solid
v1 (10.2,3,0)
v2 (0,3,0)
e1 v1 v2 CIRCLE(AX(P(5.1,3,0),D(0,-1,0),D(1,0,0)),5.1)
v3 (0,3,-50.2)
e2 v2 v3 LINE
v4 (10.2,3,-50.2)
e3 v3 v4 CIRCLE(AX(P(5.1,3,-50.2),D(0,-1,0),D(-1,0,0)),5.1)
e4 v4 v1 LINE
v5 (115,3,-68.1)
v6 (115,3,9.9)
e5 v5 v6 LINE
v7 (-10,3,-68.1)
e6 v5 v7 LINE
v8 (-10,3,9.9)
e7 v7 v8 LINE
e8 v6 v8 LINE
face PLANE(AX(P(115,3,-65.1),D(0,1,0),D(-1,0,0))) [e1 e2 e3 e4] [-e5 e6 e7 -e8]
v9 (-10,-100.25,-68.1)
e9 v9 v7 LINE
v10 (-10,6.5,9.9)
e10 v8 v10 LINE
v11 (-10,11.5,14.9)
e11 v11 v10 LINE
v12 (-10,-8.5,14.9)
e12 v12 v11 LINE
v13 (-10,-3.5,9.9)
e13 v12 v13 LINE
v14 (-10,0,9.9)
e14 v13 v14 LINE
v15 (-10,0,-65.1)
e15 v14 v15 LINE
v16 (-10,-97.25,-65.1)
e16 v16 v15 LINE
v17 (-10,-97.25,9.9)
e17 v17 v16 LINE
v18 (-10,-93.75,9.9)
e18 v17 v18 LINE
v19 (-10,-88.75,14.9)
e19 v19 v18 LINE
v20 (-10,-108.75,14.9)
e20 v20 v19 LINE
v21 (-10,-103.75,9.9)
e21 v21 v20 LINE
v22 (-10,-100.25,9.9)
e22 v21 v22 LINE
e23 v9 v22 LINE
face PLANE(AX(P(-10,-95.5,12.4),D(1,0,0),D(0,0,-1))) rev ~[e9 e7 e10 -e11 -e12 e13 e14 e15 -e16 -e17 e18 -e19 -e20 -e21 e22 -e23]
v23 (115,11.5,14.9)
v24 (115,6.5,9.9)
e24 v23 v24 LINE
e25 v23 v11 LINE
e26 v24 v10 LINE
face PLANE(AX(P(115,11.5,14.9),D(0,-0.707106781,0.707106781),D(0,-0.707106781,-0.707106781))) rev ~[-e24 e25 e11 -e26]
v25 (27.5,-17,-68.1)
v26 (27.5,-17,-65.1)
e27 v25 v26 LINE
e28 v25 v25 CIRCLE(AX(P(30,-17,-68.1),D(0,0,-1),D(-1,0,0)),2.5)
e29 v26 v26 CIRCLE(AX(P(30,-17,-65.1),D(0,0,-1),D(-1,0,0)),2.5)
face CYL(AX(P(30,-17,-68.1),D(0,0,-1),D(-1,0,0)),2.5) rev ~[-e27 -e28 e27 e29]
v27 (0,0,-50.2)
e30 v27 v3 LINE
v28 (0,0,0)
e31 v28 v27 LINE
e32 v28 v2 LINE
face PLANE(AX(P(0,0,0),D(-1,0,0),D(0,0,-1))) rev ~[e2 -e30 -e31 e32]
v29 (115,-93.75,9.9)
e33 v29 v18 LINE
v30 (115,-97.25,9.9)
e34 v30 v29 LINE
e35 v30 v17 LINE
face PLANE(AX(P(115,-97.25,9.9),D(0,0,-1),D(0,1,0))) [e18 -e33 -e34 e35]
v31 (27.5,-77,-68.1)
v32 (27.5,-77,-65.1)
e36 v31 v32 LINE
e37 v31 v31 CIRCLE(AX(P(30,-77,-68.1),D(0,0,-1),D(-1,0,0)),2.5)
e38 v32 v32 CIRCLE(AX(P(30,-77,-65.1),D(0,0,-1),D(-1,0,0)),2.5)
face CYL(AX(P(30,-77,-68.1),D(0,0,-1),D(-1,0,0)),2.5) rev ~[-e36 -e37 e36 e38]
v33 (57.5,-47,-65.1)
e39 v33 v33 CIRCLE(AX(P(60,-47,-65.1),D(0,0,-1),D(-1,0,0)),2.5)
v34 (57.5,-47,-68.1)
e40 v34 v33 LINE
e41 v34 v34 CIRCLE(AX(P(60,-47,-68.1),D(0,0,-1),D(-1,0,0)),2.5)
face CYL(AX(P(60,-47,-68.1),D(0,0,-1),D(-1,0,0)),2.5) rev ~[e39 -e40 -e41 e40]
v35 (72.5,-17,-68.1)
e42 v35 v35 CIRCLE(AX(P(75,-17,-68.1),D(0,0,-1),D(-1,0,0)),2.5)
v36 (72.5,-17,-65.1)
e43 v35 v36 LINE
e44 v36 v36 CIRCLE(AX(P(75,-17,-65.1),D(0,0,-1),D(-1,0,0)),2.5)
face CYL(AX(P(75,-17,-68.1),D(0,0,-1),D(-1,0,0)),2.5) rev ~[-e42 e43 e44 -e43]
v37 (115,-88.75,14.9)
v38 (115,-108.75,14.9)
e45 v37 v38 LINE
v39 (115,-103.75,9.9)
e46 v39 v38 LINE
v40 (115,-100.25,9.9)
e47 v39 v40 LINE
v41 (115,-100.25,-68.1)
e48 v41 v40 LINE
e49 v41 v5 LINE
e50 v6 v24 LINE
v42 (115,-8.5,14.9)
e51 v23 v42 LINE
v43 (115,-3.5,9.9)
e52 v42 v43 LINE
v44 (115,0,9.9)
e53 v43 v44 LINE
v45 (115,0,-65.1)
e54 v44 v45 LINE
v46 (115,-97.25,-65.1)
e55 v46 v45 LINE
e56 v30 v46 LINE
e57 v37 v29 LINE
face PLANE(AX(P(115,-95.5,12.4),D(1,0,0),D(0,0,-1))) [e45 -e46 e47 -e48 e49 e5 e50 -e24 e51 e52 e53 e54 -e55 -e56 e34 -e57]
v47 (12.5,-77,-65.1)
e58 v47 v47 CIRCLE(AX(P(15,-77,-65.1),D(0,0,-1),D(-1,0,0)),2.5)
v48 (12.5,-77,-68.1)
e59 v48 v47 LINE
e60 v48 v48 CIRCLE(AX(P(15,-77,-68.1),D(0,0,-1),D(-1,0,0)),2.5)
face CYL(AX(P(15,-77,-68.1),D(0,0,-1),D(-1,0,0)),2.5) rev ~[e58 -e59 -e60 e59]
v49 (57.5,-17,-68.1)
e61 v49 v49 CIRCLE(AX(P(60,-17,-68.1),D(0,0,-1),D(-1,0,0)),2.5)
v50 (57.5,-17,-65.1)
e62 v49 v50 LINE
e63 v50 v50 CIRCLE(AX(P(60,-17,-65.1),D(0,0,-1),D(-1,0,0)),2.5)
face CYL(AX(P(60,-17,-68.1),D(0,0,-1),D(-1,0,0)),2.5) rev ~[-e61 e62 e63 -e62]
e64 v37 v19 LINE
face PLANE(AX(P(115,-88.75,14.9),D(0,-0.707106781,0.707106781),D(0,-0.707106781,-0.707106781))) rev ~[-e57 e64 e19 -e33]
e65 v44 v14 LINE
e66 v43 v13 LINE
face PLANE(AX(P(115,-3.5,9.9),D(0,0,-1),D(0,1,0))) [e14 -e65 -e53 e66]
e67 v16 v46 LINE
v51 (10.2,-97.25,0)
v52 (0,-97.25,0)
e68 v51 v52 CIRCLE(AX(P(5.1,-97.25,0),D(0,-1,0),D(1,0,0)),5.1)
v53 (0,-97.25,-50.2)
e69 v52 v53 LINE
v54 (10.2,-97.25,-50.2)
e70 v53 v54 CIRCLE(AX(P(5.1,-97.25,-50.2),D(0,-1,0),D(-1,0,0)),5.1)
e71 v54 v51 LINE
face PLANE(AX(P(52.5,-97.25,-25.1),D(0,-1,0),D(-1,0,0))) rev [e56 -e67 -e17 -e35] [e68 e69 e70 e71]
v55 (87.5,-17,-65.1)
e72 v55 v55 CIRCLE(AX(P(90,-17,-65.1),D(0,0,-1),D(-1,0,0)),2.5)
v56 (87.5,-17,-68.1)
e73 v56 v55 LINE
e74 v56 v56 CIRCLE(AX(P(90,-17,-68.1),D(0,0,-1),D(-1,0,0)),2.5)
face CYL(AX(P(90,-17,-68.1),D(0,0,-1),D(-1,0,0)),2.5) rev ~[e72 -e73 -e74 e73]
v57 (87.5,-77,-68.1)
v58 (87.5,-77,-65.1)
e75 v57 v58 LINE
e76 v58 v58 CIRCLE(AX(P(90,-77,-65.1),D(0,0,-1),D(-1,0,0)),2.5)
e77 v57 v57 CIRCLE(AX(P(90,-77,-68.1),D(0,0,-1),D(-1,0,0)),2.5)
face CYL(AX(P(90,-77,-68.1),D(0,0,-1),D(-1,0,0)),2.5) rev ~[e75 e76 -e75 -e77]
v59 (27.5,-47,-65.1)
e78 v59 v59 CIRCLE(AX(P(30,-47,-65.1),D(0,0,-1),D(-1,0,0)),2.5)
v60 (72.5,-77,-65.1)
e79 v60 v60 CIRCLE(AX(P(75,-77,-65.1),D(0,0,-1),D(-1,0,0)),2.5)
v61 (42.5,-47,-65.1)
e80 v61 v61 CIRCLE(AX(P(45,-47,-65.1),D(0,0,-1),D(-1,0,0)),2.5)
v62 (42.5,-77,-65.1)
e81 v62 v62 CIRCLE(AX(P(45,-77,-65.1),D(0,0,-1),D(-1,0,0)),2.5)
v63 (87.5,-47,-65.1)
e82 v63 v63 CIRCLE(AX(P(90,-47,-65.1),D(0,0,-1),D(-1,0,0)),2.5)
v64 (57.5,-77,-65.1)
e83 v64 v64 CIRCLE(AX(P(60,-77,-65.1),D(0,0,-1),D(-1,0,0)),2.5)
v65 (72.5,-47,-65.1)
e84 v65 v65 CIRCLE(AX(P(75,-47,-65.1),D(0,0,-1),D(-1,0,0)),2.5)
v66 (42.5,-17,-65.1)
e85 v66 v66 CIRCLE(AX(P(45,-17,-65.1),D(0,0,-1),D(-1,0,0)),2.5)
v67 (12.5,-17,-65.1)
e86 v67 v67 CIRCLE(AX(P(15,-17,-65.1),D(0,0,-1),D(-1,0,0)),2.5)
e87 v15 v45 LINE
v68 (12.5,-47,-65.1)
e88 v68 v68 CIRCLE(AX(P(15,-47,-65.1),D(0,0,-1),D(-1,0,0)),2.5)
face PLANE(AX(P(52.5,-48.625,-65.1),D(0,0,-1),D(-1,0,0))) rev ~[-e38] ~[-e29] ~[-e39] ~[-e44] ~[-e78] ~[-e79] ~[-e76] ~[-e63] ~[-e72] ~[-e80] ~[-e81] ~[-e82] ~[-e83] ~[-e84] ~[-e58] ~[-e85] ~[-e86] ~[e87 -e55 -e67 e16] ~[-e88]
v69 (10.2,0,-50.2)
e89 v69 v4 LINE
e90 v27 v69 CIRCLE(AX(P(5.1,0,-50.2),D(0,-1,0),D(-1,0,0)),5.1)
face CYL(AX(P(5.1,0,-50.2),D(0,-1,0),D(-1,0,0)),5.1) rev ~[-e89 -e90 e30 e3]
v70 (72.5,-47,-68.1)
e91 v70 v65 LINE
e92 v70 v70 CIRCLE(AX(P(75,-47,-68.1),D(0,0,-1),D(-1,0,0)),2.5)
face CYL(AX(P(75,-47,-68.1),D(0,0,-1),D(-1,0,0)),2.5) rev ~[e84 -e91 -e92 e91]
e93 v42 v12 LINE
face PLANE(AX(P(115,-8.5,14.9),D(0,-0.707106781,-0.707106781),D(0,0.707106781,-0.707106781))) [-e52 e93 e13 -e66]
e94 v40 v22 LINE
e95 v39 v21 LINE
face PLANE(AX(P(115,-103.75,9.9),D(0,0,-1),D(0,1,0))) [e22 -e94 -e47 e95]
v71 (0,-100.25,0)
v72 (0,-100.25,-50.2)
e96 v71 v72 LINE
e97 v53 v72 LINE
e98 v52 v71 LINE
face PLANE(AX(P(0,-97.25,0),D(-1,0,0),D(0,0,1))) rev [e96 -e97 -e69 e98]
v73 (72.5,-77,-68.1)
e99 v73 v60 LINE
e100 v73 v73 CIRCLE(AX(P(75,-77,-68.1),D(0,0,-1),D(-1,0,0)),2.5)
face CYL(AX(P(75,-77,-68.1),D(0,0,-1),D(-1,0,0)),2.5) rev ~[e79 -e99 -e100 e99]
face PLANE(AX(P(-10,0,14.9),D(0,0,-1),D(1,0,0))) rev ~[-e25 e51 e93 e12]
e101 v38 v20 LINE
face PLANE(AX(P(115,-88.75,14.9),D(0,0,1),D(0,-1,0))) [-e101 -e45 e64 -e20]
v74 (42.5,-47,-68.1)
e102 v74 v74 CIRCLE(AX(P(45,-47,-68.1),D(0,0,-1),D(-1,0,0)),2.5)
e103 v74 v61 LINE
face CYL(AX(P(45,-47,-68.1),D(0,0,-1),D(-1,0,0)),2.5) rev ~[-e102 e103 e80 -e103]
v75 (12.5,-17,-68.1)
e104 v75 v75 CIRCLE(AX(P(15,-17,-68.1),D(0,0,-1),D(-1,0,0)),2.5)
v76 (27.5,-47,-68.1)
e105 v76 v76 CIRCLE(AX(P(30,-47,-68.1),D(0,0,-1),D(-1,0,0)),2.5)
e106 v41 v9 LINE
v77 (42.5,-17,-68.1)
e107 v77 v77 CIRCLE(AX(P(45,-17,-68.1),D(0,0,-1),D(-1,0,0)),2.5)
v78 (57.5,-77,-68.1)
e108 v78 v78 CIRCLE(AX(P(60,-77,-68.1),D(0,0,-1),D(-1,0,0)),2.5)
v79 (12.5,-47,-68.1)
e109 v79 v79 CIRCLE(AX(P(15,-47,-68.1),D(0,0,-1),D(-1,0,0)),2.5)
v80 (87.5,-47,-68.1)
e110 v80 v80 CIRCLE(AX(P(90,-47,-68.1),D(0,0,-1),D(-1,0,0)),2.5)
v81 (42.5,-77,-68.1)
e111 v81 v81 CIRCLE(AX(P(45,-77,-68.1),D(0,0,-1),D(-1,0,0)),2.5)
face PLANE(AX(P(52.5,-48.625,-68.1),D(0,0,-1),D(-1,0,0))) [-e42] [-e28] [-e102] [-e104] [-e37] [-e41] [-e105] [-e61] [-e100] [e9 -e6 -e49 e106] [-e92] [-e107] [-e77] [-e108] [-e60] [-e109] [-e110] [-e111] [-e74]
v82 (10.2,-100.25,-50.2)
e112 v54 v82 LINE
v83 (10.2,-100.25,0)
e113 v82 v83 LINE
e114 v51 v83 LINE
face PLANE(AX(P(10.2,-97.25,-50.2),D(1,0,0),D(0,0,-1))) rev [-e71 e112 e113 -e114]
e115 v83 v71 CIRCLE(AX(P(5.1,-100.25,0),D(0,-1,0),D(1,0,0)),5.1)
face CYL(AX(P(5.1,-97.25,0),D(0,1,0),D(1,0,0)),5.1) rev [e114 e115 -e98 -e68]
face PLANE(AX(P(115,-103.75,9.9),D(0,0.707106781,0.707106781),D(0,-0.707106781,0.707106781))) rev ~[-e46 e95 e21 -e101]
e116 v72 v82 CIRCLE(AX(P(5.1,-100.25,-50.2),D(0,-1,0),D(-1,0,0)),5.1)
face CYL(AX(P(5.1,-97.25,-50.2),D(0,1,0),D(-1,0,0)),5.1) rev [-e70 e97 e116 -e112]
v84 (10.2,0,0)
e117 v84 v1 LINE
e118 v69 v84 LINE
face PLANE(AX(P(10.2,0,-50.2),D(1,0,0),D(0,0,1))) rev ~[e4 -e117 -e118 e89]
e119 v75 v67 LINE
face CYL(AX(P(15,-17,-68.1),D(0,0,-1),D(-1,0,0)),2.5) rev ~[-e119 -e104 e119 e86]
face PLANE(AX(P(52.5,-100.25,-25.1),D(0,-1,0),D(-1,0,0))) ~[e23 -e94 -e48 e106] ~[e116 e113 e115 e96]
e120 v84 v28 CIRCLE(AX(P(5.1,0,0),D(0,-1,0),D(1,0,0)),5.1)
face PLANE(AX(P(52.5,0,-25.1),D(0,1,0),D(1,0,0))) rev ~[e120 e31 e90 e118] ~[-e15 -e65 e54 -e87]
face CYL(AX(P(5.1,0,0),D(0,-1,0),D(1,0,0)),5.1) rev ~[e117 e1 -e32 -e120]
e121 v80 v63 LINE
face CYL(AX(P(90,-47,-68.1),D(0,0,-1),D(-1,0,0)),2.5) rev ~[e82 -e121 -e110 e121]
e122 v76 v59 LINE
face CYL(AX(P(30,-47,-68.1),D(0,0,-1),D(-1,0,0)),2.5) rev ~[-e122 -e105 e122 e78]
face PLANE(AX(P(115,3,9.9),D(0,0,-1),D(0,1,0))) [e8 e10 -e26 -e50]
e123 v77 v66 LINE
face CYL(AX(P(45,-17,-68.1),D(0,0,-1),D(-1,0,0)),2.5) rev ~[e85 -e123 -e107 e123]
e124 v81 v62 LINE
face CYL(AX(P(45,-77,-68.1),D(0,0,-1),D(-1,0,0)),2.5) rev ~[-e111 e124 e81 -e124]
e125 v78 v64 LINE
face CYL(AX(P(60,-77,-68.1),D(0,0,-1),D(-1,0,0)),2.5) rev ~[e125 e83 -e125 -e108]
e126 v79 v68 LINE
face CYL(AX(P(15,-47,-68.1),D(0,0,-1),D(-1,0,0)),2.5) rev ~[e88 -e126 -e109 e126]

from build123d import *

# Parameters (mm, degrees)
ESQUISSE1_W             = 125
ESQUISSE1_H             = 80
BOSS_EXTRU_1_DEPTH      = 3
ESQUISSE2_W             = 125
ESQUISSE2_H             = 103.25
BOSS_EXTRU_2_DEPTH      = 3
ESQUISSE6_W             = 5
ESQUISSE6_H             = 3.5
BOSS_EXTRU_5_DEPTH      = 125
ESQUISSE7_R             = 2.5
ENL_V_MAT_EXTRU_2_DEPTH = 3


with BuildPart() as part:
    # Esquisse1 → Boss.-Extru.1 (new body)
    with BuildSketch(Plane(origin=(0, 0, 0), x_dir=(1, 0, 0), z_dir=(0, 1, 0))):
        with Locations((52.5, 25.1)):
            Rectangle(ESQUISSE1_W, ESQUISSE1_H)
        with BuildLine():
            ThreePointArc((10.2, 0), (5.1, -5.1), (0, 0))
            Line((0, 0), (0, 50.2))
            ThreePointArc((0, 50.2), (5.1, 55.3), (10.2, 50.2))
            Line((10.2, 50.2), (10.2, 0))
        make_face(mode=Mode.SUBTRACT)
    boss_extru_1 = extrude(amount=BOSS_EXTRU_1_DEPTH)

    # Esquisse2 → Boss.-Extru.2 (add)
    with BuildSketch(Plane(origin=(0, 0, -65.1), x_dir=(-1, 0, 0), z_dir=(0, 0, -1))):
        with Locations((-52.5, -48.625)):
            Rectangle(ESQUISSE2_W, ESQUISSE2_H)
    extrude(amount=BOSS_EXTRU_2_DEPTH)

    # Symétrie1: Boss.-Extru.1 across plane
    add(boss_extru_1.mirror(Plane(origin=(0, -48.625, 0), x_dir=(0, 0, 1), z_dir=(0, -1, 0))))

    # Esquisse6 → Boss.-Extru.5 (add)
    with BuildSketch(Plane(origin=(115, 0, 0), x_dir=(0, 0, -1), z_dir=(1, 0, 0))):
        with Locations((-12.4, -95.5)):
            Rectangle(ESQUISSE6_W, ESQUISSE6_H)
        with Locations((-12.4, -102)):
            Rectangle(ESQUISSE6_W, ESQUISSE6_H)
        Polygon((-14.9, -103.75), (-9.9, -103.75), (-14.9, -108.75), align=None)
        Polygon((-14.9, -93.75), (-14.9, -88.75), (-9.9, -93.75), align=None)
        Polygon((-14.9, -3.5), (-14.9, -8.5), (-9.9, -3.5), align=None)
        with Locations((-12.4, -1.75)):
            Rectangle(ESQUISSE6_W, ESQUISSE6_H)
        with Locations((-12.4, 4.75)):
            Rectangle(ESQUISSE6_W, ESQUISSE6_H)
        Polygon((-14.9, 11.5), (-9.9, 6.5), (-14.9, 6.5), align=None)
    extrude(amount=-BOSS_EXTRU_5_DEPTH)

    # Esquisse7 → Enlèv. mat.-Extru.2 (cut)
    with BuildSketch(Plane(origin=(0, 0, -68.1), x_dir=(-1, 0, 0), z_dir=(0, 0, -1))):
        with Locations((-90, -17)):
            Circle(ESQUISSE7_R)
        with Locations((-75, -17)):
            Circle(ESQUISSE7_R)
        with Locations((-60, -17)):
            Circle(ESQUISSE7_R)
        with Locations((-45, -17)):
            Circle(ESQUISSE7_R)
        with Locations((-30, -17)):
            Circle(ESQUISSE7_R)
        with Locations((-15, -17)):
            Circle(ESQUISSE7_R)
        with Locations((-75, -47)):
            Circle(ESQUISSE7_R)
        with Locations((-60, -47)):
            Circle(ESQUISSE7_R)
        with Locations((-45, -47)):
            Circle(ESQUISSE7_R)
        with Locations((-30, -47)):
            Circle(ESQUISSE7_R)
        with Locations((-15, -47)):
            Circle(ESQUISSE7_R)
        with Locations((-75, -77)):
            Circle(ESQUISSE7_R)
        with Locations((-60, -77)):
            Circle(ESQUISSE7_R)
        with Locations((-45, -77)):
            Circle(ESQUISSE7_R)
        with Locations((-30, -77)):
            Circle(ESQUISSE7_R)
        with Locations((-15, -77)):
            Circle(ESQUISSE7_R)
        with Locations((-90, -47)):
            Circle(ESQUISSE7_R)
        with Locations((-90, -77)):
            Circle(ESQUISSE7_R)
    extrude(amount=-ENL_V_MAT_EXTRU_2_DEPTH, mode=Mode.SUBTRACT)


solid = part.part
